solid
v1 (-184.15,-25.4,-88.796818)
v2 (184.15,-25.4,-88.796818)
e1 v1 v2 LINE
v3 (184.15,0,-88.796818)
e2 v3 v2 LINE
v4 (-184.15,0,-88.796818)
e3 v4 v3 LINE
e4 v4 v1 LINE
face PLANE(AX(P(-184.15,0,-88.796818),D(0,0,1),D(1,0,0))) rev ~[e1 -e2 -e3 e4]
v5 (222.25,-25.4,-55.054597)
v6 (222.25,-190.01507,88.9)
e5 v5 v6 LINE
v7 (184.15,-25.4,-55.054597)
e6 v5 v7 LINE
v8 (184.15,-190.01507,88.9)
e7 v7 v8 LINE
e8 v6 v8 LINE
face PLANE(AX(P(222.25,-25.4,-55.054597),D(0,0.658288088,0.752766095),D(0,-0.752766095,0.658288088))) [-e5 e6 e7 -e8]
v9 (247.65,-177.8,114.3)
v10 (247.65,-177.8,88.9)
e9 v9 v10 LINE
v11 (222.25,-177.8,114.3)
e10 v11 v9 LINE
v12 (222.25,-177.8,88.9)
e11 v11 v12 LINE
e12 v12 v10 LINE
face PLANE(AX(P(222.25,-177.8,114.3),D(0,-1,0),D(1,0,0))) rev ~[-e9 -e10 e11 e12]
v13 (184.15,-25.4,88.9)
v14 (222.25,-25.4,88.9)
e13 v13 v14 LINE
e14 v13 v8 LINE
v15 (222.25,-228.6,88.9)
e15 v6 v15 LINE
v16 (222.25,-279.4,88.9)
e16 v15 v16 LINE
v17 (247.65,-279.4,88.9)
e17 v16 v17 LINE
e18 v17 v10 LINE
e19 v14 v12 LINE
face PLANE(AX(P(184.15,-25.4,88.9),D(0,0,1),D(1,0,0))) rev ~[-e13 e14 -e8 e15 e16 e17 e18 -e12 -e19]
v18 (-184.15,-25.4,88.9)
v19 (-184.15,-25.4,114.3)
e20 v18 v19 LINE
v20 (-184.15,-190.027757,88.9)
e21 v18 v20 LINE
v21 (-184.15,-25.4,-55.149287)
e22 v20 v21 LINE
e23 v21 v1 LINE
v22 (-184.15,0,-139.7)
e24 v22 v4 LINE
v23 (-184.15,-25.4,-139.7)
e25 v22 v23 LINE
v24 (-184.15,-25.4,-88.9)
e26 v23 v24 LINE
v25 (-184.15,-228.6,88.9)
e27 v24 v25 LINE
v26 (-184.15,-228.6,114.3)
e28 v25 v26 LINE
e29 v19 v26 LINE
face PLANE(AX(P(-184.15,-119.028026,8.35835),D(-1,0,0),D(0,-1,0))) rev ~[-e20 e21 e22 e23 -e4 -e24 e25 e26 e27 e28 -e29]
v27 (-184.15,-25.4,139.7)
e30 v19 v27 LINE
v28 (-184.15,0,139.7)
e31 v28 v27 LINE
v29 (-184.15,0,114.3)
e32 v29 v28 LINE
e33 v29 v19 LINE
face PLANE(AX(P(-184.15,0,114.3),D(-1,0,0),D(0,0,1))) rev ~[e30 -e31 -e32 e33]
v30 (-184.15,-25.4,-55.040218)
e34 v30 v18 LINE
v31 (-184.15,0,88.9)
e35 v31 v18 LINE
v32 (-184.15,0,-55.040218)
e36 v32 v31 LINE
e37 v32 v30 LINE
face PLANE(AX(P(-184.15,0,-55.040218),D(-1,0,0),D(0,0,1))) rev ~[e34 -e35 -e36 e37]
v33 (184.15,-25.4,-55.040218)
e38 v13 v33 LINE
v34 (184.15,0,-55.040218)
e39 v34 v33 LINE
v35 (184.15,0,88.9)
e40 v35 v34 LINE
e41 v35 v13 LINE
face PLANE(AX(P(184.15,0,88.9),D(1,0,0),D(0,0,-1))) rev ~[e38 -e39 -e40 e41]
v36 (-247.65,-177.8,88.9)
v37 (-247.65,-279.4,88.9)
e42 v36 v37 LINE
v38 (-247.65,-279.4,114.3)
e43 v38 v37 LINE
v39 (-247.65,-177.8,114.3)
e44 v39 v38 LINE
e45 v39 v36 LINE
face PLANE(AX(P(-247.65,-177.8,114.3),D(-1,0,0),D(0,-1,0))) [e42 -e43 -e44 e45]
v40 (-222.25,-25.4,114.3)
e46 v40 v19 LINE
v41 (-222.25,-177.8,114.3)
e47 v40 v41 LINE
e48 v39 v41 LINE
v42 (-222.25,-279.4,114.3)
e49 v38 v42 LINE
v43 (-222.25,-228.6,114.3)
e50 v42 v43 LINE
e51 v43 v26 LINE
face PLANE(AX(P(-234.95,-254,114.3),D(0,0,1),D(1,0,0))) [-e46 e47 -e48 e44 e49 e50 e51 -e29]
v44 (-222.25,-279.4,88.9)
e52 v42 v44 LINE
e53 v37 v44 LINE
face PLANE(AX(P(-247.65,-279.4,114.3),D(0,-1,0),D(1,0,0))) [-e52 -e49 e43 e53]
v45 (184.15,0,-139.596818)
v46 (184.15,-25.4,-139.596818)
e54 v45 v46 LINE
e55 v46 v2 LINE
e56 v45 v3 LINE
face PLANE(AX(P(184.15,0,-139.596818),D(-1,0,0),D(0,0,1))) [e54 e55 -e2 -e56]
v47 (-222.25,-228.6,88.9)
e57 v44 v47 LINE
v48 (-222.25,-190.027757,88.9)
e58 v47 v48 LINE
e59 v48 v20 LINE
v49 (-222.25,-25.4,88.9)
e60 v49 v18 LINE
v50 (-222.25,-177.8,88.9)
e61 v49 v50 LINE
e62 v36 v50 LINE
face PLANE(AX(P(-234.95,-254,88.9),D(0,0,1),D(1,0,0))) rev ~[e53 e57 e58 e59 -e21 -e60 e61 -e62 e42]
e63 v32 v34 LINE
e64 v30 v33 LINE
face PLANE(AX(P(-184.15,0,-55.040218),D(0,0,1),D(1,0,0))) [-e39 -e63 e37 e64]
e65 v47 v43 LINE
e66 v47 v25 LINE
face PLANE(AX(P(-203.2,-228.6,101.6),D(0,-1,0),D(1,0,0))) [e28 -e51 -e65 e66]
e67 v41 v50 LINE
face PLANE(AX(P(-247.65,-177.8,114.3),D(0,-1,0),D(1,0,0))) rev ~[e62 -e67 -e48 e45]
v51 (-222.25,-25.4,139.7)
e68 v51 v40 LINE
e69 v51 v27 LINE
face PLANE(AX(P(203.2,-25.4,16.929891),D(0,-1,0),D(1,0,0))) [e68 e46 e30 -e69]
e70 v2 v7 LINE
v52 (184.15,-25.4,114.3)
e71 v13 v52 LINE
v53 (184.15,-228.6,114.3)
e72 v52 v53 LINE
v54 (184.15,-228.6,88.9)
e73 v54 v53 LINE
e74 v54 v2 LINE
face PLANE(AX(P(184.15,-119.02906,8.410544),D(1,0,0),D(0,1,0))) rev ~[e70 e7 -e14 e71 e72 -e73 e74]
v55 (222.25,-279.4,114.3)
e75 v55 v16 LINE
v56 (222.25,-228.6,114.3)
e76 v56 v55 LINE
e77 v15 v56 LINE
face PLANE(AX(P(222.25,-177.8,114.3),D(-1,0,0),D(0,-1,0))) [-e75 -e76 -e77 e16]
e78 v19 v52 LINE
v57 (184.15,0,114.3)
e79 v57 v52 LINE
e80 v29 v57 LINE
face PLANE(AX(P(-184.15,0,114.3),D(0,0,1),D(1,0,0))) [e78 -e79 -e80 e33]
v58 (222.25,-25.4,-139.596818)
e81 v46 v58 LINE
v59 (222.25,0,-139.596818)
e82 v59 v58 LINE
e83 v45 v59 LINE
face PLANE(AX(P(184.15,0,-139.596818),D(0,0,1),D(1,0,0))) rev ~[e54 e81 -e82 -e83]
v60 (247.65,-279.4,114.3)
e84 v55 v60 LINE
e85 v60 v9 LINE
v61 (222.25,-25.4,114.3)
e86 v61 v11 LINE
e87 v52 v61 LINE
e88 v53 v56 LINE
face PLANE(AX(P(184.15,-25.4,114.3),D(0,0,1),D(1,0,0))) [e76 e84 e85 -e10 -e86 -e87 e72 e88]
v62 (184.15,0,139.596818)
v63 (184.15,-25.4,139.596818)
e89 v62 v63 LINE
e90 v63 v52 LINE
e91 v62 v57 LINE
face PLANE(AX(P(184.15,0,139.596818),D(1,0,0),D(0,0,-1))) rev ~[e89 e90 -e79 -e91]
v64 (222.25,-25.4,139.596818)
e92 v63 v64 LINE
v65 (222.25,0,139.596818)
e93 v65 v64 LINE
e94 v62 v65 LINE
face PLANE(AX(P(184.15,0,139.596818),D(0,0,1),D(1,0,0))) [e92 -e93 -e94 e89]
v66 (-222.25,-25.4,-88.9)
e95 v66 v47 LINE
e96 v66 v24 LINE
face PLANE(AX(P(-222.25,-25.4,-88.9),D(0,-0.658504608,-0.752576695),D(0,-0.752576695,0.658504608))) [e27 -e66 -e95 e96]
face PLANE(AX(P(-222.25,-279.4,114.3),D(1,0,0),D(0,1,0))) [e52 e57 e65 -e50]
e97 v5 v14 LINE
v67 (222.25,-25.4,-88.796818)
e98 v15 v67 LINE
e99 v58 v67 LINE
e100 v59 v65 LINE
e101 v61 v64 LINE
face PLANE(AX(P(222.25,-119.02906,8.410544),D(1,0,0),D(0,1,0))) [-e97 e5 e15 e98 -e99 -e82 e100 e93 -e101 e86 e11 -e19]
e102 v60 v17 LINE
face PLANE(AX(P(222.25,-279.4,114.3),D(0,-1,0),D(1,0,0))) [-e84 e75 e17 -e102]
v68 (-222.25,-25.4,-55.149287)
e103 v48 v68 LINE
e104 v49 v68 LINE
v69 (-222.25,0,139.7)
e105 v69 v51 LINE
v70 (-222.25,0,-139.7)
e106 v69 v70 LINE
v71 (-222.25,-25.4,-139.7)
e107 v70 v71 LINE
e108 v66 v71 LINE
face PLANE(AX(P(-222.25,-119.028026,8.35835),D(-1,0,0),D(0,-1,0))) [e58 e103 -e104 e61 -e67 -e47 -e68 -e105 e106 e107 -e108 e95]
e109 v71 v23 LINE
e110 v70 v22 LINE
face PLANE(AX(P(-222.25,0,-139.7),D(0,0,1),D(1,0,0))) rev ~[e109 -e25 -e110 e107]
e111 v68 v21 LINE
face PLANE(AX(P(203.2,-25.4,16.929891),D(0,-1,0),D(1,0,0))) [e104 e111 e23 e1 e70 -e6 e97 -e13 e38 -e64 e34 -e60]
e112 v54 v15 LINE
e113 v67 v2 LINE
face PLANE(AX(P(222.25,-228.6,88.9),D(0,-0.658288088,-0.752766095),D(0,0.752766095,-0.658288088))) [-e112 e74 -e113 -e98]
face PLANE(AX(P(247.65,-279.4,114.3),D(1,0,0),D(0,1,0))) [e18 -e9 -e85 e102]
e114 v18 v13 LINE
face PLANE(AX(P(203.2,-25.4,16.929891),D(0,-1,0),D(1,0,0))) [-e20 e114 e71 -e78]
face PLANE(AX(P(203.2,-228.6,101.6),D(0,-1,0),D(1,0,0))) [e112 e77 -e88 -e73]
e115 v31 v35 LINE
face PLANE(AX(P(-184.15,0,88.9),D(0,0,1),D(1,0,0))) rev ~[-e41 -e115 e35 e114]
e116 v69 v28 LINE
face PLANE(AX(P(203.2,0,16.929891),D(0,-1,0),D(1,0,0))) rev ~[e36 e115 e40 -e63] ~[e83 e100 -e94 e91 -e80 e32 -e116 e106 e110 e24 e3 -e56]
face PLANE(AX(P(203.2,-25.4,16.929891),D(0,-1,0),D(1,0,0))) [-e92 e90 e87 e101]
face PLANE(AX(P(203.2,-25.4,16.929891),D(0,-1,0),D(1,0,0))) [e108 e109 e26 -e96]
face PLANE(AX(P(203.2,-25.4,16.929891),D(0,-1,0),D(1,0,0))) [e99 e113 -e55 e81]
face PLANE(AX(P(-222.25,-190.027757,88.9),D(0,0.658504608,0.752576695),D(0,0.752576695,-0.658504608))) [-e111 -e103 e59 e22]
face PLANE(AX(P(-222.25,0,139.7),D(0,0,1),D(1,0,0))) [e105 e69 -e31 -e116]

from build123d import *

# Parameters (mm, degrees)
F0_W     = 38.1
F0_H     = 143.9402176437
F0_H_2   = 25.2968176437
F0_W_2   = 368.3
F0_H_3   = 33.7566
F0_H_4   = 50.9031823563
F0_H_5   = 25.4
F0_H_6   = 50.8
F1_DEPTH = 25.4
F2_W     = 38.1
F2_H     = 25.4
F3_DEPTH = 203.2
F5_DEPTH = 38.1
F7_DEPTH = 38.1
F8_W     = 25.4
F8_H     = 50.8
F9_DEPTH = 25.4


with BuildPart() as f1:
    # F0 (on Front) → F1 (new body)
    with BuildSketch(Plane.XZ):
        with Locations((203.2, 16.9298911782)):
            Rectangle(F0_W, F0_H)
        with Locations((203.2, 126.9484088218)):
            Rectangle(F0_W, F0_H_2)
        with Locations((0, -71.9185176437)):
            Rectangle(F0_W_2, F0_H_3)
        with Locations((203.2, -71.9185176437)):
            Rectangle(F0_W, F0_H_3)
        with Locations((-203.2, -114.2484088218)):
            Rectangle(F0_W, F0_H_4)
        with Locations((-203.2, 16.9298911782)):
            Rectangle(F0_W, F0_H)
        with Locations((-203.2, 101.6)):
            Rectangle(F0_W, F0_H_5)
        with Locations((203.2, 101.6)):
            Rectangle(F0_W, F0_H_5)
        with Locations((-203.2, 127)):
            Rectangle(F0_W, F0_H_5)
        with Locations((-203.2, -71.9185176437)):
            Rectangle(F0_W, F0_H_3)
        with Locations((0, 101.6)):
            Rectangle(F0_W_2, F0_H_5)
        with Locations((203.2, -114.1968176437)):
            Rectangle(F0_W, F0_H_6)
    extrude(amount=F1_DEPTH)

    # F2 (on face) → F3 (join)
    with BuildSketch(Plane.XZ.offset(25.4)):
        with Locations((-203.2, 101.6)):
            Rectangle(F2_W, F2_H)
        with Locations((203.2, 101.6)):
            Rectangle(F2_W, F2_H)
    extrude(amount=F3_DEPTH)

    # F4 (on face) → F5 (join)
    with BuildSketch(Plane(origin=(-222.25, 0, 0), x_dir=(0, -1, 0), z_dir=(-1, 0, 0))):
        Polygon((25.4, -88.9), (228.6, 88.9), (190.0277566224, 88.9), (25.4, -55.1492870446), align=None)
    extrude(amount=-F5_DEPTH)

    # F6 (on face) → F7 (join)
    with BuildSketch(Plane.YZ.offset(222.25)):
        Polygon((-25.4, -55.0545965492), (-190.0150696827, 88.9), (-228.6, 88.9), (-25.4, -88.7968176437), align=None)
    extrude(amount=-F7_DEPTH)

    # F8 (on face) → F9 (join)
    with BuildSketch(Plane.XY.offset(114.3)):
        with Locations((-234.95, -254)):
            Rectangle(F8_W, F8_H)
        with Locations((-234.95, -203.2)):
            Rectangle(F8_W, F8_H)
        with Locations((234.95, -203.2)):
            Rectangle(F8_W, F8_H)
        with Locations((234.95, -254)):
            Rectangle(F8_W, F8_H)
    extrude(amount=-F9_DEPTH)


solid = f1.part
